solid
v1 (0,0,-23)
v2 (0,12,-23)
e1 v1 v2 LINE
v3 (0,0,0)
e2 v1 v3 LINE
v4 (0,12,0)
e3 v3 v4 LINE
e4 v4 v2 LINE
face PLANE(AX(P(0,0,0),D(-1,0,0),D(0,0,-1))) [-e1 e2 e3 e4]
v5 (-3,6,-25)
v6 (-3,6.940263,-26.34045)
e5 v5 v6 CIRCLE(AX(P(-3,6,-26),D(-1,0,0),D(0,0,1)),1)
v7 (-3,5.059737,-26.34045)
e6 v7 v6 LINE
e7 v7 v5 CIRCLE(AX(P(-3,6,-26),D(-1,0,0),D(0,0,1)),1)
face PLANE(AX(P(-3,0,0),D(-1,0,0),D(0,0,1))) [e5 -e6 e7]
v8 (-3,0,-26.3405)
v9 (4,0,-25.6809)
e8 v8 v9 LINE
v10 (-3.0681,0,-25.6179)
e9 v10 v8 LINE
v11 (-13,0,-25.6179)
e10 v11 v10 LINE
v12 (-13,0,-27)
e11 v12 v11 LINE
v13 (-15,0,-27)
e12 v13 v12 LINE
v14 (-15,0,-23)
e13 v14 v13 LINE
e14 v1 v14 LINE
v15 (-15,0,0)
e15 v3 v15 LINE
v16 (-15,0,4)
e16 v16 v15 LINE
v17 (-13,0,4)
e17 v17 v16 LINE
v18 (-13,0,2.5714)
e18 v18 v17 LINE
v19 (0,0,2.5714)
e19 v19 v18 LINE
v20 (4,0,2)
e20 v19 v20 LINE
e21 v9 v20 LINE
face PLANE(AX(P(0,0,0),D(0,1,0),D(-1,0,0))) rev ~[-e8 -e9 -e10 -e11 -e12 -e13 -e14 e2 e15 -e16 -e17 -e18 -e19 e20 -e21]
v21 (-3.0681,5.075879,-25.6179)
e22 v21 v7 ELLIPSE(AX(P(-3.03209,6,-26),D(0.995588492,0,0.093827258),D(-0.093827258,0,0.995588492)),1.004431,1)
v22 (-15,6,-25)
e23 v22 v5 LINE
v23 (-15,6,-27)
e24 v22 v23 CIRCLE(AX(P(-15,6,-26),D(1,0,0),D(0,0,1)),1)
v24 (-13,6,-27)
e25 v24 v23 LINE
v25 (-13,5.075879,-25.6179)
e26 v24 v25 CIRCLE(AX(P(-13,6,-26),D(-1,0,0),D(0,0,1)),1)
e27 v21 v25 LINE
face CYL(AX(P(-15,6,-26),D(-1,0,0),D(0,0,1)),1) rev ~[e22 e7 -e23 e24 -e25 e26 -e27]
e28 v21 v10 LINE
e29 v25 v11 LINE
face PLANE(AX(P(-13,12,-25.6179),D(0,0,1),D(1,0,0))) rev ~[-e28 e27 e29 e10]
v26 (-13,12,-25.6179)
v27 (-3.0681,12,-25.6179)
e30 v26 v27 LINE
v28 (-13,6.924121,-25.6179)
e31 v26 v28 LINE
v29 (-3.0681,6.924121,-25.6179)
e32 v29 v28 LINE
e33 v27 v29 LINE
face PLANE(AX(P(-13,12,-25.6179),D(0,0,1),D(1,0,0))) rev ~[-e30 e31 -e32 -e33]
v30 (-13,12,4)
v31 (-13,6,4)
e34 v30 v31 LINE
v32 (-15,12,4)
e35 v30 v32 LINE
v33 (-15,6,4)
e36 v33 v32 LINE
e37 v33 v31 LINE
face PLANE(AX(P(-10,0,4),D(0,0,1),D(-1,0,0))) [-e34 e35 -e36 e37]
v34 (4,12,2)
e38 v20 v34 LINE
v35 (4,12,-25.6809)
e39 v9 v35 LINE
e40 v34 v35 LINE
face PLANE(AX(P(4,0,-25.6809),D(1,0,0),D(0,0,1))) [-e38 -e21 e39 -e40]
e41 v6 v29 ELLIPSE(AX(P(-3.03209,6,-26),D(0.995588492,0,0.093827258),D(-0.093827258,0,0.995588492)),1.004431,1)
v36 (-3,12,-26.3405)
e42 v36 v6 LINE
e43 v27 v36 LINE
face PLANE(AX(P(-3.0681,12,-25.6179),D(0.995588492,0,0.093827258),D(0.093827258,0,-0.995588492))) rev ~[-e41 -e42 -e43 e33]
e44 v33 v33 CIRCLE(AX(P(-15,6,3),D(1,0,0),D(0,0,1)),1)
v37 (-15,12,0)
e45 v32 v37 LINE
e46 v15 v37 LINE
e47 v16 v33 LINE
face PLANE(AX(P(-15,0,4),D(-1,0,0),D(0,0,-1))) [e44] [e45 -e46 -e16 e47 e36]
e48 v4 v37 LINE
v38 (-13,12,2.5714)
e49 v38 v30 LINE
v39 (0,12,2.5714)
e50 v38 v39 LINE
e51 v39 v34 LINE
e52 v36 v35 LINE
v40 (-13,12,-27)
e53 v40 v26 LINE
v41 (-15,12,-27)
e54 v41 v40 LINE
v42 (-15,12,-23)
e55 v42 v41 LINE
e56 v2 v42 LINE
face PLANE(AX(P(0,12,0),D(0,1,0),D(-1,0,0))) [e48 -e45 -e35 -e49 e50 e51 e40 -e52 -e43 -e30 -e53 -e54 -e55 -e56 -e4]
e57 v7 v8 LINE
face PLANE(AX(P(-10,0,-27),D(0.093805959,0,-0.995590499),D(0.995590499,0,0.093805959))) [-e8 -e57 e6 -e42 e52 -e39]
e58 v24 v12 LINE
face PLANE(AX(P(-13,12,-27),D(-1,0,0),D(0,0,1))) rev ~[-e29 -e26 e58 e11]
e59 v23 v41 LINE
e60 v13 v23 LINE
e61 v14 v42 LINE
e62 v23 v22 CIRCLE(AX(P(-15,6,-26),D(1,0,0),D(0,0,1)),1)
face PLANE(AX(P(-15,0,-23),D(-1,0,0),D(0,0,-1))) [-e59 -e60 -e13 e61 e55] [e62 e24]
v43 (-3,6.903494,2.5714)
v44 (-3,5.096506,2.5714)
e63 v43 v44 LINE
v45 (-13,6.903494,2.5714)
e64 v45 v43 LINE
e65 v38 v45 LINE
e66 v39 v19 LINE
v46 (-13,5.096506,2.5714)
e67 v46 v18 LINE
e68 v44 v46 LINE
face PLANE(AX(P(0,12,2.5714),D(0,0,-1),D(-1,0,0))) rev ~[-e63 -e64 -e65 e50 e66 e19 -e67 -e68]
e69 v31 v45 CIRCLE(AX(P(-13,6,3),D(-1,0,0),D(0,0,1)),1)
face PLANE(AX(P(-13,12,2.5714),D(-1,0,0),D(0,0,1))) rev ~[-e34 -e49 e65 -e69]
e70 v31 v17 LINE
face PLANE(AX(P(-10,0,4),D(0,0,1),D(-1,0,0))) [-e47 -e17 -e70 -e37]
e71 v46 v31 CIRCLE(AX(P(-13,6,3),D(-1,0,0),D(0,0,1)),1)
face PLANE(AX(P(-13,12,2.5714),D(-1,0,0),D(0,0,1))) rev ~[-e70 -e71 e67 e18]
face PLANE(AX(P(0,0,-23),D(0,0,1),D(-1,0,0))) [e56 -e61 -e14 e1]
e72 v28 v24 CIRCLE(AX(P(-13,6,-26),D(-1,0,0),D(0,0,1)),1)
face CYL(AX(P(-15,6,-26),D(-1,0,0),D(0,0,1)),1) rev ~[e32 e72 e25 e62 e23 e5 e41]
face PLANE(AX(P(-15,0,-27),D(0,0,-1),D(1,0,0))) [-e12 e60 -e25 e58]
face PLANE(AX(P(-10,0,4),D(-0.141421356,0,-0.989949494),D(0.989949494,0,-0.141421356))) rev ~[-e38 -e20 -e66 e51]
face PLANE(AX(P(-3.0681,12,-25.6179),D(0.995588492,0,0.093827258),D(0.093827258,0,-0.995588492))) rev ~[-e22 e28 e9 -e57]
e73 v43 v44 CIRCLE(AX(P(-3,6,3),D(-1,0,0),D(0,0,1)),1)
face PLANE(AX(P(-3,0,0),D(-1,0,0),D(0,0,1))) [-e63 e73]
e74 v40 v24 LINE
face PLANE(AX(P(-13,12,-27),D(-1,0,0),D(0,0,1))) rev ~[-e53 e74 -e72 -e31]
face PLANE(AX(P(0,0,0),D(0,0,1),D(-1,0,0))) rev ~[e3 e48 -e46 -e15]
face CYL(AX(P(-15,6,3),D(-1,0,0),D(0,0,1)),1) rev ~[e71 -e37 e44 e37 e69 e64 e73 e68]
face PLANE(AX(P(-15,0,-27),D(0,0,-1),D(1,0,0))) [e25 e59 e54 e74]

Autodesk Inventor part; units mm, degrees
ref_plane "YZ Plane" through (0, 0, 0) normal (1, 0, 0) x (0, 1, 0)
ref_plane "XZ Plane" through (0, 0, 0) normal (0, 1, 0) x (-1, 0, 0)
ref_plane "XY Plane" through (0, 0, 0) normal (0, 0, 1) x (1, 0, 0)
sketch "Boceto1" plane through (0, 0, 0) normal (0, 1, 0) x (-1, 0, 0)
  line L0 (0, 0) -> (0, -22)
  line L1 (0, -22) -> (0, -23)
  line L2 (0, 0) -> (15, 0)
  line L3 (0, -23) -> (15, -23)
  line L4 (15, -23) -> (15, -27)
  line L5 (15, -27) -> (-4, -27)
  line L6 (-4, -27) -> (-4, 0)
  line L7 (-4, 0) -> (-4, 4)
  line L8 (-4, 4) -> (15, 4)
  line L9 (15, 4) -> (15, 0)
  line L10 (15, 4) -> (10, 4)
  line L11 (10, 4) -> (-4, 2)
  line L12 (15, -27) -> (10, -27)
  line L13 (10, -27) -> (-4, -25.6809)
  dimension "d0" = 22
  dimension "d1" = 1
  dimension "d2" = 15
  dimension "d3" = 15
  dimension "d4" = 4
  dimension "d5" = 19
  dimension "d6" = 4
  dimension "d7" = 5
  dimension "d8" = 5
extrude "Extrusión1" add sketch "Boceto1" along normal blind 12 contours L0 L1 L3 L4 L5 L13 L6 L7 L11 L8 L9 L2
sketch "Boceto2" plane through (-15, 0, 0) normal (-1, 0, 0) x (0, 0, 1)
  line L0 (4, 0) -> (4, 12) projected
  line L1 (4, 6) -> (-27, 6)
  line L2 (-27, 0) -> (-27, 12) projected
  line L3 (4, 6) -> (3, 6)
  circle A0 centre (3, 6) radius 1
  line L4 (-27, 6) -> (-26, 6)
  circle A1 centre (-26, 6) radius 1
  point P0 (0, 0)
  dimension "d11" = 1
  dimension "d12" = 1
extrude "Extrusión2" cut sketch "Boceto2" against normal blind 12
sketch "Boceto3" plane through (0, 12, 0) normal (0, 1, 0) x (1, 0, 0)
  line L0 (-10, -4) -> (4, -2) projected
  line L1 (0, -2.5714) -> (-15, -2.5714)
  line L2 (-15, -2) -> (-3, -2) projected
  line L3 (-15, -2.5714) -> (-13, -2.5714)
  line L4 (-13, -2.5714) -> (-13, -4)
  line L5 (-15, -4) -> (-10, -4) projected
  line L6 (-13, -4) -> (-10.0485, -4)
  line L7 (-10.0485, -4) -> (0, -2.5714)
  line L8 (-10, 27) -> (-15, 27) projected
  line L9 (-15, 27) -> (-13, 27)
  line L10 (-13, 27) -> (-13, 25.6179)
  line L11 (-13, 25.6179) -> (-3.0681, 25.6179)
  line L12 (-10, 27) -> (-3, 26.3405) projected
  line L13 (-3.0681, 25.6179) -> (-3, 26.3405)
  line L14 (-3, 26.3405) -> (-13, 27)
  line L15 (-13, 27) -> (-10, 27)
  line L16 (-10, 27) -> (-3, 26.3405)
  line L17 (4, 25.6809) -> (-10, 27) projected
  point P0 (0, 0)
  dimension "d15" = 2
  dimension "d16" = 2
extrude "Extrusión3" cut sketch "Boceto3" against normal blind 12 contours L7 L5 L4 L1 | L12 L14 L8 | L14 L13 L11 L10
sketch "Boceto4" plane through (0, 12, 0) normal (0, 1, 0) x (1, 0, 0)
  line L0 (-10, -4) -> (0, -2.5714) projected
  line L1 (0, -2.5714) -> (-11.0485, -2.5714)
  line L2 (-15, -2) -> (-3, -2) projected
  line L3 (-11.0485, -2.5714) -> (-10.6007, -6.2769)
  line L4 (0, -2.5714) -> (4, -2) projected
  line L5 (-10.6007, -6.2769) -> (0, -2.5714)
  point P0 (0, 0)
extrude "Extrusión4" cut sketch "Boceto4" against normal blind 12
properties part number "test pinza"
